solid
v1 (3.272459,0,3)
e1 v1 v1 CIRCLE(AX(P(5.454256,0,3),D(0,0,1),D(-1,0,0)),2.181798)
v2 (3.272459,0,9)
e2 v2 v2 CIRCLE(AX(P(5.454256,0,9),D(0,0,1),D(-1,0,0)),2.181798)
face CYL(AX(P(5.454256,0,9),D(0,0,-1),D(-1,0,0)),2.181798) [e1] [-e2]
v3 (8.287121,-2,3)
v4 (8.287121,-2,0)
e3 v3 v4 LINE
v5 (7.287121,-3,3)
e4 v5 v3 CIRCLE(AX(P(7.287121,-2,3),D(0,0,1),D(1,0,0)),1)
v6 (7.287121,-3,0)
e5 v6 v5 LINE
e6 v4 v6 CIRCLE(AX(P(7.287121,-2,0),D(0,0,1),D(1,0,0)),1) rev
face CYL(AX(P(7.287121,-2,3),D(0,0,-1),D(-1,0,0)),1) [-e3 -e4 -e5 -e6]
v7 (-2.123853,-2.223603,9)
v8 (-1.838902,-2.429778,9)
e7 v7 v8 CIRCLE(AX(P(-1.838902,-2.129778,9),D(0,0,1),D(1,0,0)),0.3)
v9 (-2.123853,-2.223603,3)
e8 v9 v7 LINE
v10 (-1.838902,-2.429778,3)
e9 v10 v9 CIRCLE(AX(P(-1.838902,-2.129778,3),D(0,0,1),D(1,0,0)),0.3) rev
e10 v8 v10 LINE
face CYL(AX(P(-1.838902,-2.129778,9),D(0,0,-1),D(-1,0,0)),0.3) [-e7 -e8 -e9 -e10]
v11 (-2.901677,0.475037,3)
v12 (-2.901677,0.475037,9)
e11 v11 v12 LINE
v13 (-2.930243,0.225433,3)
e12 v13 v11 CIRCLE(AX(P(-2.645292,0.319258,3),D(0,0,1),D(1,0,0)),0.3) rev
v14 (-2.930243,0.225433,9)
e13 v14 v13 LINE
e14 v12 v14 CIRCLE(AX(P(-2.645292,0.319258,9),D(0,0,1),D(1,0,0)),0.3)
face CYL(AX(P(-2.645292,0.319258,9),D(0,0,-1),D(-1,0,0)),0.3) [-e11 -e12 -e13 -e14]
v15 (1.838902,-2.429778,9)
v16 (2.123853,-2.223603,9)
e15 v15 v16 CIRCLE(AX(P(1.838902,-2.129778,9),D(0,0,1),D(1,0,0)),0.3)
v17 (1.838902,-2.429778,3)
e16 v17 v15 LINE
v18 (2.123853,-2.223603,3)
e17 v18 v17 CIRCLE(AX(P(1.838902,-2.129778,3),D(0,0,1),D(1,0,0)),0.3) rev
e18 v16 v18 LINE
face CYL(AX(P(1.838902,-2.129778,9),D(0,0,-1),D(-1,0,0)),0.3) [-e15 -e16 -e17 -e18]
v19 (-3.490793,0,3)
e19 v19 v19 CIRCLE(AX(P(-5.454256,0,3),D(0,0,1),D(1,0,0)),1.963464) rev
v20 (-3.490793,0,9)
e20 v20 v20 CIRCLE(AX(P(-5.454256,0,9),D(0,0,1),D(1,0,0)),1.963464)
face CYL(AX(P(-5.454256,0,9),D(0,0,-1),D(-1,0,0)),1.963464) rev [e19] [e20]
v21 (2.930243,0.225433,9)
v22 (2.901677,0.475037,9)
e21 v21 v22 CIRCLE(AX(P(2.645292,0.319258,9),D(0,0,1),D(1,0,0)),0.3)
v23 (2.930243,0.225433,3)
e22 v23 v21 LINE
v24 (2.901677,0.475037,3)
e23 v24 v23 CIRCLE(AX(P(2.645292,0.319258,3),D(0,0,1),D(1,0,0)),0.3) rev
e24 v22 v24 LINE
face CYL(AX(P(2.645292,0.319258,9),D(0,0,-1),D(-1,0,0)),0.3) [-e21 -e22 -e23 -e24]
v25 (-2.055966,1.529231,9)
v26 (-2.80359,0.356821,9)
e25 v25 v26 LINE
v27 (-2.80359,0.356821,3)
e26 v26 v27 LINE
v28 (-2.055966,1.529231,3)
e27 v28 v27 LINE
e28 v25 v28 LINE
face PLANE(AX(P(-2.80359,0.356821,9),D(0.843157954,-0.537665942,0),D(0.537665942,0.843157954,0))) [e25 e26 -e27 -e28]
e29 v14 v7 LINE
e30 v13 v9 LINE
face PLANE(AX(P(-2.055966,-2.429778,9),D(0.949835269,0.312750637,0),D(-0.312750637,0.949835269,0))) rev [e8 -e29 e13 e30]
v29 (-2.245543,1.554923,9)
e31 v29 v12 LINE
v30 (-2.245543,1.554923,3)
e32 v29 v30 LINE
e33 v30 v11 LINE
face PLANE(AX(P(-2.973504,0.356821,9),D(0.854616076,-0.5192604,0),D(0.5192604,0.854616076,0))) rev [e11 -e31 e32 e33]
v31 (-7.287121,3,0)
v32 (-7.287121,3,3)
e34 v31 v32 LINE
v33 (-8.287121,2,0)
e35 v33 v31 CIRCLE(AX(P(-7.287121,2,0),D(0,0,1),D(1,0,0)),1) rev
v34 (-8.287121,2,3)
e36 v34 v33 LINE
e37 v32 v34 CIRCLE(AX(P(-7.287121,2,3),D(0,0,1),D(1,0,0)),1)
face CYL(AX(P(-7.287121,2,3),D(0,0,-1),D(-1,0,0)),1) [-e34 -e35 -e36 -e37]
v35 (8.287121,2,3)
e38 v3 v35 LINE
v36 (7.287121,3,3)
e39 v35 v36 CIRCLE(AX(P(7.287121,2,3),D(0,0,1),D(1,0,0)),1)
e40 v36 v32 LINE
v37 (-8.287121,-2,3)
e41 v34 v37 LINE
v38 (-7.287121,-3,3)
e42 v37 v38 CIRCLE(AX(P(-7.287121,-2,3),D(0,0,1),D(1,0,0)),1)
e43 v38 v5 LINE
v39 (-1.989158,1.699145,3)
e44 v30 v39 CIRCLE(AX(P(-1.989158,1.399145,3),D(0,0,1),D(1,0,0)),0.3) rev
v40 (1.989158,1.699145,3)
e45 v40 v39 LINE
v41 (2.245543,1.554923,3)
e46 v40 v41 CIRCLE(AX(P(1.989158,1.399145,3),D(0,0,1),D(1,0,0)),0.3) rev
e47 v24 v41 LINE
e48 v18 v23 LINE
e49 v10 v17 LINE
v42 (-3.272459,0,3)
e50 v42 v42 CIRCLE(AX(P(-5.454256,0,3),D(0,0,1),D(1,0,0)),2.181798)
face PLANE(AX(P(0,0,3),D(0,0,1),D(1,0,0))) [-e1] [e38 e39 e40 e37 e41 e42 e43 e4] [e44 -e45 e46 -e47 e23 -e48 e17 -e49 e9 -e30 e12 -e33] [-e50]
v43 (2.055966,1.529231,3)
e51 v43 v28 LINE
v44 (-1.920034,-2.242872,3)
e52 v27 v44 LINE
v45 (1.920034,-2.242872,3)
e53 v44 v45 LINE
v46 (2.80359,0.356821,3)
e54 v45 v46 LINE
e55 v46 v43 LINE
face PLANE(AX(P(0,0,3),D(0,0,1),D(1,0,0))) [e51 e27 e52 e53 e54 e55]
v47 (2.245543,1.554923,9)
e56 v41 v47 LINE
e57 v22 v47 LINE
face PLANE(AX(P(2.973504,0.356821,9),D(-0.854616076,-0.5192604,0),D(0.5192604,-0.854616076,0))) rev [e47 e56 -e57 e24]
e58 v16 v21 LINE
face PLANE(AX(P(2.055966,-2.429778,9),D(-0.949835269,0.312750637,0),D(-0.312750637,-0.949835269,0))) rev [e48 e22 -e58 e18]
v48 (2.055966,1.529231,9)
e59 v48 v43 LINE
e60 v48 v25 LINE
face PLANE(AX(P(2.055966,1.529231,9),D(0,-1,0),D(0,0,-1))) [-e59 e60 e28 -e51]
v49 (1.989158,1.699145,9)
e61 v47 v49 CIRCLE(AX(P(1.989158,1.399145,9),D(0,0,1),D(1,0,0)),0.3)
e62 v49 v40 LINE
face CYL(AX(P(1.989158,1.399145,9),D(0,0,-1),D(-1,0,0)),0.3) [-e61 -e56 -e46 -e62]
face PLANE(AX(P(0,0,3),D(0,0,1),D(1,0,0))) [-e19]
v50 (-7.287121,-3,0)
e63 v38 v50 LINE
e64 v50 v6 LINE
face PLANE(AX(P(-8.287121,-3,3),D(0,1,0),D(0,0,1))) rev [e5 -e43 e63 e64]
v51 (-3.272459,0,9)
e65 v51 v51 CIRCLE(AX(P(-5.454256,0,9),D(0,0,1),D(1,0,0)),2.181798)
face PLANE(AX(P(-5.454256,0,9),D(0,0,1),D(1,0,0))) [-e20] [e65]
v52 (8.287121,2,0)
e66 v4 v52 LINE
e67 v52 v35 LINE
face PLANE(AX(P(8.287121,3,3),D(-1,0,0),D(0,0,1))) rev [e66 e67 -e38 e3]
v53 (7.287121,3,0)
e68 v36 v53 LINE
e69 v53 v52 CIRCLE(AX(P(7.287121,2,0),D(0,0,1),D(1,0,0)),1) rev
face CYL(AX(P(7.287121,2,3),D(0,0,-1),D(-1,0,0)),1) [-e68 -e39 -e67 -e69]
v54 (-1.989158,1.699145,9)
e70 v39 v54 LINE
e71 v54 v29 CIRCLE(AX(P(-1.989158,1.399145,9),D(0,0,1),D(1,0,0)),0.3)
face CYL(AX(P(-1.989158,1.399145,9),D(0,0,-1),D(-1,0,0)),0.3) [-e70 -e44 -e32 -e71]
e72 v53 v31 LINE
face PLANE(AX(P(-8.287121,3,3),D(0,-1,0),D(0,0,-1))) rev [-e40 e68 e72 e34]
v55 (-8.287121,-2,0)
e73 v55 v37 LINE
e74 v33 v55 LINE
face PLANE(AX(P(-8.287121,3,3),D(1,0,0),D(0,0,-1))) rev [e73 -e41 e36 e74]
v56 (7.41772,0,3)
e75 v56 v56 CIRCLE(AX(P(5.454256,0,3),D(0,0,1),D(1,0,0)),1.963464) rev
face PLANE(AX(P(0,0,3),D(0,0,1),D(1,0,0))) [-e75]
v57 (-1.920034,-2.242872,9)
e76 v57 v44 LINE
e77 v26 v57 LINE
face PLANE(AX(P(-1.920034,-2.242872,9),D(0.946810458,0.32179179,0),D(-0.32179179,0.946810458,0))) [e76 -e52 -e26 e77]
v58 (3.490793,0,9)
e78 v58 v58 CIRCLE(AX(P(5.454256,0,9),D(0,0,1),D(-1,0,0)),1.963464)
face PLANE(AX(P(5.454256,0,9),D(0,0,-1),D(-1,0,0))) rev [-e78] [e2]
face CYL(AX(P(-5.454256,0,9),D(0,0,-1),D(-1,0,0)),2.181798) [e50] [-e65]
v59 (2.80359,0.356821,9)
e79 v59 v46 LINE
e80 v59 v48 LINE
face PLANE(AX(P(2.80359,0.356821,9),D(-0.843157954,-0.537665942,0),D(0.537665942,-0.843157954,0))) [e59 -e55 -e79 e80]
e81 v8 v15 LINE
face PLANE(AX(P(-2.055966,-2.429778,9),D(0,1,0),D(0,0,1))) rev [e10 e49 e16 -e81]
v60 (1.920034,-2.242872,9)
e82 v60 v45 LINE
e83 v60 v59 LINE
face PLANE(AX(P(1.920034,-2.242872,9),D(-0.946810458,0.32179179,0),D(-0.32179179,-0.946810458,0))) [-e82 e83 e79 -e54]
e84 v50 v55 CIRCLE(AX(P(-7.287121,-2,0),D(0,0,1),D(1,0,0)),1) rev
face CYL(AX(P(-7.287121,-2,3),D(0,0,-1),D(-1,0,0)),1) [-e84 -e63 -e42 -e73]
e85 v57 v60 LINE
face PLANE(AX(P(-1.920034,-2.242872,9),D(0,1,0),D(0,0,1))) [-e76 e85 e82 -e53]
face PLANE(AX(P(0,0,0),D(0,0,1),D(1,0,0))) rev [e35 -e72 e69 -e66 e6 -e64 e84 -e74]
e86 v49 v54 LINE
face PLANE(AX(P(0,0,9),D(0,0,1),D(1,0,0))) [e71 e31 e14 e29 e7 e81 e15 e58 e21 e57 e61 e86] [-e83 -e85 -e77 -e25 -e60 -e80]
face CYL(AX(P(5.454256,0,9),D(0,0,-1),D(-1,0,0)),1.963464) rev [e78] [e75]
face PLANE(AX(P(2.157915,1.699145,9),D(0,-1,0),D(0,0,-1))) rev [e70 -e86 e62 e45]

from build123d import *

# Parameters (mm, degrees)
SKETCH1_W           = 16.57424281
SKETCH1_H           = 6
BOSS_EXTRUDE1_DEPTH = 3
SKETCH2_R           = 2.181797835
SKETCH2_R_2         = 1.963463841
BOSS_EXTRUDE2_DEPTH = 6
FILLET2_R           = 1
FILLET3_R           = 0.3


with BuildPart() as part:
    # Sketch1 → Boss-Extrude1 (new body)
    with BuildSketch(Plane.XY):
        Rectangle(SKETCH1_W, SKETCH1_H)
    extrude(amount=BOSS_EXTRUDE1_DEPTH)

    # Sketch2 → Boss-Extrude2 (add)
    # profile 1 of 3: a face of its own
    with BuildSketch(Plane.XY.offset(3)):
        with Locations((-5.454256394, 0)):
            Circle(SKETCH2_R)
        with Locations((-5.454256394, 0)):
            Circle(SKETCH2_R_2, mode=Mode.SUBTRACT)
    # profile 2 of 3: a face of its own
    with BuildSketch(Plane.XY.offset(3)):
        with Locations(Location((5.454256394, 0, 0), (0, 0, 180))):
            Circle(SKETCH2_R)
        with Locations(Location((5.454256394, 0, 0), (0, 0, 180))):
            Circle(SKETCH2_R_2, mode=Mode.SUBTRACT)
    # profile 3 of 3: a face of its own
    with BuildSketch(Plane.XY.offset(3)):
        Polygon((-2.055965806, -2.429777771), (2.055965806, -2.429777771), (2.973504265, 0.356820512), (2.157914524, 1.699145294), (-2.157914524, 1.699145294), (-2.973504265, 0.356820512), align=None)
        Polygon((-1.920034182, -2.242871788), (1.920034182, -2.242871788), (2.803589735, 0.356820512), (2.055965806, 1.529230765), (-2.055965806, 1.529230765), (-2.803589735, 0.356820512), align=None, mode=Mode.SUBTRACT)
    extrude(amount=BOSS_EXTRUDE2_DEPTH)

    # Fillet2
    fillet2_edges = [part.edges().sort_by_distance(p)[0] for p in [
        (8.287121405, -3, 1.5),
        (-8.287121405, -3, 1.5),
        (-8.287121405, 3, 1.5),
        (8.287121405, 3, 1.5),
    ]]
    fillet(fillet2_edges, radius=FILLET2_R)

    # Fillet3
    fillet3_edges = [part.edges().sort_by_distance(p)[0] for p in [
        (-2.157914524, 1.699145294, 6),
        (-2.973504265, 0.356820512, 6),
        (-2.055965806, -2.429777771, 6),
        (2.055965806, -2.429777771, 6),
        (2.973504265, 0.356820512, 6),
        (2.157914524, 1.699145294, 6),
    ]]
    fillet(fillet3_edges, radius=FILLET3_R)


solid = part.part
